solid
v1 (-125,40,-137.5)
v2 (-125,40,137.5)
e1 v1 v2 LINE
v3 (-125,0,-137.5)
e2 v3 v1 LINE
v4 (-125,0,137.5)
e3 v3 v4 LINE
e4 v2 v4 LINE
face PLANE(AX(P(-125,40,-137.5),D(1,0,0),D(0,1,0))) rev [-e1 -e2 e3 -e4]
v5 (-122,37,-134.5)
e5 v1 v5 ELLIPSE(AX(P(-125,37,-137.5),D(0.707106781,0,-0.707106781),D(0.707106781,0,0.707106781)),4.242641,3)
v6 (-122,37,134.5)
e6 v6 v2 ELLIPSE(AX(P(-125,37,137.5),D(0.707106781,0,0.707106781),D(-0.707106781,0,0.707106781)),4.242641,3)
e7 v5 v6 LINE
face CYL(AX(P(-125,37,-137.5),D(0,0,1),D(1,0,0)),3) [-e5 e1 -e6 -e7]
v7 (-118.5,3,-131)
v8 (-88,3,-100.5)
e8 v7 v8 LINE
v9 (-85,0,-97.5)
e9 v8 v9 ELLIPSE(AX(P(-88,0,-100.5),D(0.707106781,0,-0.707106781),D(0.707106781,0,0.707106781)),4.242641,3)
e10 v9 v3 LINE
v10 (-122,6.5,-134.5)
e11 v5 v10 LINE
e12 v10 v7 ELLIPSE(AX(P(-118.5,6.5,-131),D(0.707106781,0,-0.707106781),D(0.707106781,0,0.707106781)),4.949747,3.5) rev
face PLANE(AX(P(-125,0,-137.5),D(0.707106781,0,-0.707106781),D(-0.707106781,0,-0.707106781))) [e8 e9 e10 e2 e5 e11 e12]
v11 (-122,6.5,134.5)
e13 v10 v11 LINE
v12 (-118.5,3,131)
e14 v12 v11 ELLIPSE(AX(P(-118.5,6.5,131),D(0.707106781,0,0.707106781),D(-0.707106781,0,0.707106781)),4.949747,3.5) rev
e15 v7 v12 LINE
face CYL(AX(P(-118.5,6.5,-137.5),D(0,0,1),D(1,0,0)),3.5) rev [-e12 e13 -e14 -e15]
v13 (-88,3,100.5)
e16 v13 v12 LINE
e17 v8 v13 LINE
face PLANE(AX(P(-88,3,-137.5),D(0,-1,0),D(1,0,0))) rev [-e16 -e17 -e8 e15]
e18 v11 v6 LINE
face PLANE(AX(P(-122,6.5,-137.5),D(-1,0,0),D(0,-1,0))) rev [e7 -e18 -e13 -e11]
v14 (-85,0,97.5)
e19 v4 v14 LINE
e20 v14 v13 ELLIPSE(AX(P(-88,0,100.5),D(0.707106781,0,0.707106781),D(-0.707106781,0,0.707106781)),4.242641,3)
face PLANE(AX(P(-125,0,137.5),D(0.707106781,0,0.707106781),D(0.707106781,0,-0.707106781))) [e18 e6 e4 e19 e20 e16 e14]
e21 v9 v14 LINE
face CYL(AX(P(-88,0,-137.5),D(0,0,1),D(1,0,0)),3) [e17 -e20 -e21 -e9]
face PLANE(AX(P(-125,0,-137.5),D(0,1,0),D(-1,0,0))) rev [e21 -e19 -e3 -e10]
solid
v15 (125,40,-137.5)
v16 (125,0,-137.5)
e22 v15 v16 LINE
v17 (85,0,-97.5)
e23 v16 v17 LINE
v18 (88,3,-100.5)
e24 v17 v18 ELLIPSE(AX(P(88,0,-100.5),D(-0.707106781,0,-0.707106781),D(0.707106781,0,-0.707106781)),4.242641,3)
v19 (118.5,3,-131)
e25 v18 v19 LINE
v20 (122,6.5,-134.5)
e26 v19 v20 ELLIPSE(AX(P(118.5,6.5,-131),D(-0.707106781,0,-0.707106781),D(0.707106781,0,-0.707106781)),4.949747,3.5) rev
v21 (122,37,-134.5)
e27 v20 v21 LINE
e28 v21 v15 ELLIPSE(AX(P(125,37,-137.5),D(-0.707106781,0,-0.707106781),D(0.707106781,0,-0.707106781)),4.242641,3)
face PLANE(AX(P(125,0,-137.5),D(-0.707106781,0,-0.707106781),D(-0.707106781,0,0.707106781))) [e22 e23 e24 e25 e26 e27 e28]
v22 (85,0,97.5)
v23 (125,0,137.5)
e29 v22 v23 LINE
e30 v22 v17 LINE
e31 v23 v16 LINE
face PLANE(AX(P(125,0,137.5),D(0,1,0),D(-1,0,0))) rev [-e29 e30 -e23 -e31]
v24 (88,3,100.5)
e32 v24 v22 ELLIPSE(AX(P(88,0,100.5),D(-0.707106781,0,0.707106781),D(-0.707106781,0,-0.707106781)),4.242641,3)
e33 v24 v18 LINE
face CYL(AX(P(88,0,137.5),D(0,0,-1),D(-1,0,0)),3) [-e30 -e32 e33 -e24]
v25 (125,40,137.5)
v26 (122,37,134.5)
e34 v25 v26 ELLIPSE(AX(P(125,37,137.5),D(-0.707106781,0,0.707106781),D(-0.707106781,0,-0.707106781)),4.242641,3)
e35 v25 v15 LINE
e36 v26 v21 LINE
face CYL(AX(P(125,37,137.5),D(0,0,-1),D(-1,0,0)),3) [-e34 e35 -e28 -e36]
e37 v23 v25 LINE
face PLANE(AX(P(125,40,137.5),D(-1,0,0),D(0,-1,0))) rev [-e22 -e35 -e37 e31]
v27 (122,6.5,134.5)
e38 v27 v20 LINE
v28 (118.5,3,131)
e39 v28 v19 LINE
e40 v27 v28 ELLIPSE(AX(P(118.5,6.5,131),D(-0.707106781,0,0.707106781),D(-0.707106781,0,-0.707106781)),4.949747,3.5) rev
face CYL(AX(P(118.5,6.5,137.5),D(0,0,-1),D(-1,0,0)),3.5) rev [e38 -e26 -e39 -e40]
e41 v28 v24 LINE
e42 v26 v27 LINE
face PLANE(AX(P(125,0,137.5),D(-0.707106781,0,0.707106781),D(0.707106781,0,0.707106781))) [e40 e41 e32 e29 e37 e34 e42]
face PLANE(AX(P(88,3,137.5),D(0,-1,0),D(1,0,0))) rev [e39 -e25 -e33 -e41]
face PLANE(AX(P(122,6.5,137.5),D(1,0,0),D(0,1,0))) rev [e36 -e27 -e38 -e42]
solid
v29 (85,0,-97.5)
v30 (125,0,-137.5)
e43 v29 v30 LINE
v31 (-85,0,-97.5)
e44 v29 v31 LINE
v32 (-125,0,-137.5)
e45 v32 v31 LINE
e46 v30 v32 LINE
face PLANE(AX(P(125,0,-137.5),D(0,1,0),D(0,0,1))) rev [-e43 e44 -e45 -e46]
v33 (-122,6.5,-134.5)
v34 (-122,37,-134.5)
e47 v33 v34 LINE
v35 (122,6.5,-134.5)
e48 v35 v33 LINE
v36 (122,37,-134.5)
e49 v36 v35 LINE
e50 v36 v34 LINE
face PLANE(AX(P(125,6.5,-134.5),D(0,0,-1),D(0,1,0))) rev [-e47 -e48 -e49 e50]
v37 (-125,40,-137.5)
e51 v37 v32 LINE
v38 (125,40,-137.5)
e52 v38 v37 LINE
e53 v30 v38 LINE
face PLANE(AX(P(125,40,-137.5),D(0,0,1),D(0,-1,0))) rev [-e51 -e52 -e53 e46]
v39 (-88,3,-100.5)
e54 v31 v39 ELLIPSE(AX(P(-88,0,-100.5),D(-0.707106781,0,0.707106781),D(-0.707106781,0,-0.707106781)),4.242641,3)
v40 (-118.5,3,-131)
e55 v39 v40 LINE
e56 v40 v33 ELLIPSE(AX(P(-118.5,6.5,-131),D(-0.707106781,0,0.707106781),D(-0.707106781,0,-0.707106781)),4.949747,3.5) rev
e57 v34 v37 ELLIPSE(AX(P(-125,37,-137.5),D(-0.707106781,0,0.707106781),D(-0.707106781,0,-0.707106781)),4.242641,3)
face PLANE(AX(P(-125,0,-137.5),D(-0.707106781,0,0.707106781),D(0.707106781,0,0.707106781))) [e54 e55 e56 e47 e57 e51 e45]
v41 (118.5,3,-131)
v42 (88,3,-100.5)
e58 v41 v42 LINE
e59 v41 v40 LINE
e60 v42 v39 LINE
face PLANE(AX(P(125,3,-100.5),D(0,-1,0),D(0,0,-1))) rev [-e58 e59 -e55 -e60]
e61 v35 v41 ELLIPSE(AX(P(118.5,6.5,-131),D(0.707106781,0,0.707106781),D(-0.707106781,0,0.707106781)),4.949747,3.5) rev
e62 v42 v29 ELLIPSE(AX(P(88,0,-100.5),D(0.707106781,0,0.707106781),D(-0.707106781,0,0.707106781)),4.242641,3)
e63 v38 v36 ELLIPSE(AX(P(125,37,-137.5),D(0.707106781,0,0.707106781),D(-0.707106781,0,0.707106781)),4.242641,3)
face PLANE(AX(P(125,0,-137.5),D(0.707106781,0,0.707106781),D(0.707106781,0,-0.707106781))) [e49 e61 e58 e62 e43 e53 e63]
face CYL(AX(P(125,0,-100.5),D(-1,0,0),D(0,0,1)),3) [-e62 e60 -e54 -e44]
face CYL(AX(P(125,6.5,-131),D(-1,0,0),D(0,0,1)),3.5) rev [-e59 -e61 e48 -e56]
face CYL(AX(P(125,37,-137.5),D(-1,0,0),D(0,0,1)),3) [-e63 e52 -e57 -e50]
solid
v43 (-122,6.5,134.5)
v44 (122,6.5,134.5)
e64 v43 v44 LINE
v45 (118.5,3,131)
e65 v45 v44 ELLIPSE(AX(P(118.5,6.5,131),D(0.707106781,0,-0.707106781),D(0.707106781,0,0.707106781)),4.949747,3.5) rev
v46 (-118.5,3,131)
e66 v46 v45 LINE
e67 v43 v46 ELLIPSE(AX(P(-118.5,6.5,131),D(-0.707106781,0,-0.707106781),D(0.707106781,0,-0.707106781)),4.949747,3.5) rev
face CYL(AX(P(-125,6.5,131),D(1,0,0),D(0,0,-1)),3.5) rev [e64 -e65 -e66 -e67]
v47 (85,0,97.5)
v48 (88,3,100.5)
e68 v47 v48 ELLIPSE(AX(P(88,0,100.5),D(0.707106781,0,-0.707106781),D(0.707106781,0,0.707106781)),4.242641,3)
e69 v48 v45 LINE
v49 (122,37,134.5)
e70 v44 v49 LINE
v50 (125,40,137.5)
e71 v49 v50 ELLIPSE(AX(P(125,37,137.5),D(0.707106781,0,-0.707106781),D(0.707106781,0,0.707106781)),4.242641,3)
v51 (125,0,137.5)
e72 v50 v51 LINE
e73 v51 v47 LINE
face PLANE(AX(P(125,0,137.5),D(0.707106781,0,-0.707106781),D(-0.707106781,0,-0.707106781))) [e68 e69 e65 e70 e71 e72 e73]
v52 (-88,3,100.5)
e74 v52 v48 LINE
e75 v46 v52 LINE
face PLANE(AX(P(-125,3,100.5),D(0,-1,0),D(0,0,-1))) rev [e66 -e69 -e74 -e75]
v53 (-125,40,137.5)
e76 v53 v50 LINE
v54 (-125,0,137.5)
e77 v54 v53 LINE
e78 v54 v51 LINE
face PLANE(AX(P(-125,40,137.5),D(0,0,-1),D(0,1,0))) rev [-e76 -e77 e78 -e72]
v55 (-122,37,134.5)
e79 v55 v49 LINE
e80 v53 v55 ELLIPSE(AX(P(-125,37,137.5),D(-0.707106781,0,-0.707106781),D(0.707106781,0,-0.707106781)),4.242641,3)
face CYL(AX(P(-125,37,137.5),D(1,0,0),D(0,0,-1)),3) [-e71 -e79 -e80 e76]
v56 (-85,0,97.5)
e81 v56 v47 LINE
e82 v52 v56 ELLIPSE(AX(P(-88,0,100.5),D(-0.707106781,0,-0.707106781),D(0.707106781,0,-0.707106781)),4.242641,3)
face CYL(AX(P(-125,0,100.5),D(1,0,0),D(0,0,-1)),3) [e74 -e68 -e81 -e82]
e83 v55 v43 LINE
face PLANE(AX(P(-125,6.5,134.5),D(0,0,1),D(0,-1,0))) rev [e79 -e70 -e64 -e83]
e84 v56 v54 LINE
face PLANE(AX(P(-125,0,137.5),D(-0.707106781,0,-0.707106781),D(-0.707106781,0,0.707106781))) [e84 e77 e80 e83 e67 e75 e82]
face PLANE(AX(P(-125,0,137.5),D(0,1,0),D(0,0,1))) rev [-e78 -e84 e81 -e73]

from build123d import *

# Parameters (mm, degrees)
IRON_V40X40X3_1_DEPTH      = 332.568542495
IRON_V40X40X3_1_DEPTH_BACK = 57.568542495
IRON_V40X40X3_1_2_DEPTH    = 365.13708499
IRON_V40X40X3_1_3_DEPTH    = 390.13708499
IRON_V40X40X3_1_4_DEPTH    = 365.13708499


with BuildPart() as part:
    # Sketch11 → Iron V40X40X3(1) (new, two sides: drawn at the far end of the back side and taken through both)
    with BuildSketch(Plane(origin=(-125, 0, 137.5), x_dir=(0, 1, 0), z_dir=(0, 0, -1)).offset(-IRON_V40X40X3_1_DEPTH_BACK)):
        with BuildLine():
            Line((0, 0), (0, 40))
            ThreePointArc((0, 40), (2.121320344, 39.121320344), (3, 37))
            Line((3, 37), (3, 6.5))
            ThreePointArc((3, 6.5), (4.025126266, 4.025126266), (6.5, 3))
            Line((6.5, 3), (37, 3))
            ThreePointArc((37, 3), (39.121320344, 2.121320344), (40, 0))
            Line((40, 0), (0, 0))
        make_face()
    extrude(amount=IRON_V40X40X3_1_DEPTH + IRON_V40X40X3_1_DEPTH_BACK)

    # Iron V40X40X3(1) mitre 1
    split(bisect_by=Plane(origin=(-125, 0, 137.5), x_dir=(0, -1, 0), z_dir=(-0.707106781, 0, -0.707106781)), keep=Keep.TOP)

    # Iron V40X40X3(1) mitre 2
    split(bisect_by=Plane(origin=(-125, 0, -137.5), x_dir=(0, -1, 0), z_dir=(-0.707106781, 0, 0.707106781)), keep=Keep.TOP)


with BuildPart() as body_2:
    # Sketch11 on segment 2 (carried to segment 2) → Iron V40X40X3_1 2 (new body)
    with BuildSketch(Plane(origin=(-182.568542495, 0, -137.5), x_dir=(0, 1, 0), z_dir=(1, 0, 0))):
        with BuildLine():
            Line((0, 0), (0, 40))
            ThreePointArc((0, 40), (2.121320344, 39.121320344), (3, 37))
            Line((3, 37), (3, 6.5))
            ThreePointArc((3, 6.5), (4.025126266, 4.025126266), (6.5, 3))
            Line((6.5, 3), (37, 3))
            ThreePointArc((37, 3), (39.121320344, 2.121320344), (40, 0))
            Line((40, 0), (0, 0))
        make_face()
    extrude(amount=IRON_V40X40X3_1_2_DEPTH)

    # Iron V40X40X3_1 2 mitre 1
    split(bisect_by=Plane(origin=(125, 0, -137.5), x_dir=(0, -1, 0), z_dir=(-0.707106781, 0, -0.707106781)), keep=Keep.TOP)

    # Iron V40X40X3_1 2 mitre 2
    split(bisect_by=Plane(origin=(-125, 0, -137.5), x_dir=(0, 1, 0), z_dir=(0.707106781, 0, -0.707106781)), keep=Keep.TOP)


with BuildPart() as body_3:
    # Sketch11 on segment 3 (carried to segment 3) → Iron V40X40X3_1 3 (new body)
    with BuildSketch(Plane(origin=(125, 0, -195.068542495), x_dir=(0, 1, 0), z_dir=(0, 0, 1))):
        with BuildLine():
            Line((0, 0), (0, 40))
            ThreePointArc((0, 40), (2.121320344, 39.121320344), (3, 37))
            Line((3, 37), (3, 6.5))
            ThreePointArc((3, 6.5), (4.025126266, 4.025126266), (6.5, 3))
            Line((6.5, 3), (37, 3))
            ThreePointArc((37, 3), (39.121320344, 2.121320344), (40, 0))
            Line((40, 0), (0, 0))
        make_face()
    extrude(amount=IRON_V40X40X3_1_3_DEPTH)

    # Iron V40X40X3_1 3 mitre 1
    split(bisect_by=Plane(origin=(125, 0, 137.5), x_dir=(0, 1, 0), z_dir=(0.707106781, 0, -0.707106781)), keep=Keep.TOP)

    # Iron V40X40X3_1 3 mitre 2
    split(bisect_by=Plane(origin=(125, 0, -137.5), x_dir=(0, 1, 0), z_dir=(0.707106781, 0, 0.707106781)), keep=Keep.TOP)


with BuildPart() as body_4:
    # Sketch11 on segment 4 (carried to segment 4) → Iron V40X40X3_1 4 (new body)
    with BuildSketch(Plane(origin=(182.568542495, 0, 137.5), x_dir=(0, 1, 0), z_dir=(-1, 0, 0))):
        with BuildLine():
            Line((0, 0), (0, 40))
            ThreePointArc((0, 40), (2.121320344, 39.121320344), (3, 37))
            Line((3, 37), (3, 6.5))
            ThreePointArc((3, 6.5), (4.025126266, 4.025126266), (6.5, 3))
            Line((6.5, 3), (37, 3))
            ThreePointArc((37, 3), (39.121320344, 2.121320344), (40, 0))
            Line((40, 0), (0, 0))
        make_face()
    extrude(amount=IRON_V40X40X3_1_4_DEPTH)

    # Iron V40X40X3_1 4 mitre 1
    split(bisect_by=Plane(origin=(125, 0, 137.5), x_dir=(0, -1, 0), z_dir=(-0.707106781, 0, 0.707106781)), keep=Keep.TOP)

    # Iron V40X40X3_1 4 mitre 2
    split(bisect_by=Plane(origin=(-125, 0, 137.5), x_dir=(0, 1, 0), z_dir=(0.707106781, 0, 0.707106781)), keep=Keep.TOP)


solid = Compound([part.part, body_2.part, body_3.part, body_4.part])
